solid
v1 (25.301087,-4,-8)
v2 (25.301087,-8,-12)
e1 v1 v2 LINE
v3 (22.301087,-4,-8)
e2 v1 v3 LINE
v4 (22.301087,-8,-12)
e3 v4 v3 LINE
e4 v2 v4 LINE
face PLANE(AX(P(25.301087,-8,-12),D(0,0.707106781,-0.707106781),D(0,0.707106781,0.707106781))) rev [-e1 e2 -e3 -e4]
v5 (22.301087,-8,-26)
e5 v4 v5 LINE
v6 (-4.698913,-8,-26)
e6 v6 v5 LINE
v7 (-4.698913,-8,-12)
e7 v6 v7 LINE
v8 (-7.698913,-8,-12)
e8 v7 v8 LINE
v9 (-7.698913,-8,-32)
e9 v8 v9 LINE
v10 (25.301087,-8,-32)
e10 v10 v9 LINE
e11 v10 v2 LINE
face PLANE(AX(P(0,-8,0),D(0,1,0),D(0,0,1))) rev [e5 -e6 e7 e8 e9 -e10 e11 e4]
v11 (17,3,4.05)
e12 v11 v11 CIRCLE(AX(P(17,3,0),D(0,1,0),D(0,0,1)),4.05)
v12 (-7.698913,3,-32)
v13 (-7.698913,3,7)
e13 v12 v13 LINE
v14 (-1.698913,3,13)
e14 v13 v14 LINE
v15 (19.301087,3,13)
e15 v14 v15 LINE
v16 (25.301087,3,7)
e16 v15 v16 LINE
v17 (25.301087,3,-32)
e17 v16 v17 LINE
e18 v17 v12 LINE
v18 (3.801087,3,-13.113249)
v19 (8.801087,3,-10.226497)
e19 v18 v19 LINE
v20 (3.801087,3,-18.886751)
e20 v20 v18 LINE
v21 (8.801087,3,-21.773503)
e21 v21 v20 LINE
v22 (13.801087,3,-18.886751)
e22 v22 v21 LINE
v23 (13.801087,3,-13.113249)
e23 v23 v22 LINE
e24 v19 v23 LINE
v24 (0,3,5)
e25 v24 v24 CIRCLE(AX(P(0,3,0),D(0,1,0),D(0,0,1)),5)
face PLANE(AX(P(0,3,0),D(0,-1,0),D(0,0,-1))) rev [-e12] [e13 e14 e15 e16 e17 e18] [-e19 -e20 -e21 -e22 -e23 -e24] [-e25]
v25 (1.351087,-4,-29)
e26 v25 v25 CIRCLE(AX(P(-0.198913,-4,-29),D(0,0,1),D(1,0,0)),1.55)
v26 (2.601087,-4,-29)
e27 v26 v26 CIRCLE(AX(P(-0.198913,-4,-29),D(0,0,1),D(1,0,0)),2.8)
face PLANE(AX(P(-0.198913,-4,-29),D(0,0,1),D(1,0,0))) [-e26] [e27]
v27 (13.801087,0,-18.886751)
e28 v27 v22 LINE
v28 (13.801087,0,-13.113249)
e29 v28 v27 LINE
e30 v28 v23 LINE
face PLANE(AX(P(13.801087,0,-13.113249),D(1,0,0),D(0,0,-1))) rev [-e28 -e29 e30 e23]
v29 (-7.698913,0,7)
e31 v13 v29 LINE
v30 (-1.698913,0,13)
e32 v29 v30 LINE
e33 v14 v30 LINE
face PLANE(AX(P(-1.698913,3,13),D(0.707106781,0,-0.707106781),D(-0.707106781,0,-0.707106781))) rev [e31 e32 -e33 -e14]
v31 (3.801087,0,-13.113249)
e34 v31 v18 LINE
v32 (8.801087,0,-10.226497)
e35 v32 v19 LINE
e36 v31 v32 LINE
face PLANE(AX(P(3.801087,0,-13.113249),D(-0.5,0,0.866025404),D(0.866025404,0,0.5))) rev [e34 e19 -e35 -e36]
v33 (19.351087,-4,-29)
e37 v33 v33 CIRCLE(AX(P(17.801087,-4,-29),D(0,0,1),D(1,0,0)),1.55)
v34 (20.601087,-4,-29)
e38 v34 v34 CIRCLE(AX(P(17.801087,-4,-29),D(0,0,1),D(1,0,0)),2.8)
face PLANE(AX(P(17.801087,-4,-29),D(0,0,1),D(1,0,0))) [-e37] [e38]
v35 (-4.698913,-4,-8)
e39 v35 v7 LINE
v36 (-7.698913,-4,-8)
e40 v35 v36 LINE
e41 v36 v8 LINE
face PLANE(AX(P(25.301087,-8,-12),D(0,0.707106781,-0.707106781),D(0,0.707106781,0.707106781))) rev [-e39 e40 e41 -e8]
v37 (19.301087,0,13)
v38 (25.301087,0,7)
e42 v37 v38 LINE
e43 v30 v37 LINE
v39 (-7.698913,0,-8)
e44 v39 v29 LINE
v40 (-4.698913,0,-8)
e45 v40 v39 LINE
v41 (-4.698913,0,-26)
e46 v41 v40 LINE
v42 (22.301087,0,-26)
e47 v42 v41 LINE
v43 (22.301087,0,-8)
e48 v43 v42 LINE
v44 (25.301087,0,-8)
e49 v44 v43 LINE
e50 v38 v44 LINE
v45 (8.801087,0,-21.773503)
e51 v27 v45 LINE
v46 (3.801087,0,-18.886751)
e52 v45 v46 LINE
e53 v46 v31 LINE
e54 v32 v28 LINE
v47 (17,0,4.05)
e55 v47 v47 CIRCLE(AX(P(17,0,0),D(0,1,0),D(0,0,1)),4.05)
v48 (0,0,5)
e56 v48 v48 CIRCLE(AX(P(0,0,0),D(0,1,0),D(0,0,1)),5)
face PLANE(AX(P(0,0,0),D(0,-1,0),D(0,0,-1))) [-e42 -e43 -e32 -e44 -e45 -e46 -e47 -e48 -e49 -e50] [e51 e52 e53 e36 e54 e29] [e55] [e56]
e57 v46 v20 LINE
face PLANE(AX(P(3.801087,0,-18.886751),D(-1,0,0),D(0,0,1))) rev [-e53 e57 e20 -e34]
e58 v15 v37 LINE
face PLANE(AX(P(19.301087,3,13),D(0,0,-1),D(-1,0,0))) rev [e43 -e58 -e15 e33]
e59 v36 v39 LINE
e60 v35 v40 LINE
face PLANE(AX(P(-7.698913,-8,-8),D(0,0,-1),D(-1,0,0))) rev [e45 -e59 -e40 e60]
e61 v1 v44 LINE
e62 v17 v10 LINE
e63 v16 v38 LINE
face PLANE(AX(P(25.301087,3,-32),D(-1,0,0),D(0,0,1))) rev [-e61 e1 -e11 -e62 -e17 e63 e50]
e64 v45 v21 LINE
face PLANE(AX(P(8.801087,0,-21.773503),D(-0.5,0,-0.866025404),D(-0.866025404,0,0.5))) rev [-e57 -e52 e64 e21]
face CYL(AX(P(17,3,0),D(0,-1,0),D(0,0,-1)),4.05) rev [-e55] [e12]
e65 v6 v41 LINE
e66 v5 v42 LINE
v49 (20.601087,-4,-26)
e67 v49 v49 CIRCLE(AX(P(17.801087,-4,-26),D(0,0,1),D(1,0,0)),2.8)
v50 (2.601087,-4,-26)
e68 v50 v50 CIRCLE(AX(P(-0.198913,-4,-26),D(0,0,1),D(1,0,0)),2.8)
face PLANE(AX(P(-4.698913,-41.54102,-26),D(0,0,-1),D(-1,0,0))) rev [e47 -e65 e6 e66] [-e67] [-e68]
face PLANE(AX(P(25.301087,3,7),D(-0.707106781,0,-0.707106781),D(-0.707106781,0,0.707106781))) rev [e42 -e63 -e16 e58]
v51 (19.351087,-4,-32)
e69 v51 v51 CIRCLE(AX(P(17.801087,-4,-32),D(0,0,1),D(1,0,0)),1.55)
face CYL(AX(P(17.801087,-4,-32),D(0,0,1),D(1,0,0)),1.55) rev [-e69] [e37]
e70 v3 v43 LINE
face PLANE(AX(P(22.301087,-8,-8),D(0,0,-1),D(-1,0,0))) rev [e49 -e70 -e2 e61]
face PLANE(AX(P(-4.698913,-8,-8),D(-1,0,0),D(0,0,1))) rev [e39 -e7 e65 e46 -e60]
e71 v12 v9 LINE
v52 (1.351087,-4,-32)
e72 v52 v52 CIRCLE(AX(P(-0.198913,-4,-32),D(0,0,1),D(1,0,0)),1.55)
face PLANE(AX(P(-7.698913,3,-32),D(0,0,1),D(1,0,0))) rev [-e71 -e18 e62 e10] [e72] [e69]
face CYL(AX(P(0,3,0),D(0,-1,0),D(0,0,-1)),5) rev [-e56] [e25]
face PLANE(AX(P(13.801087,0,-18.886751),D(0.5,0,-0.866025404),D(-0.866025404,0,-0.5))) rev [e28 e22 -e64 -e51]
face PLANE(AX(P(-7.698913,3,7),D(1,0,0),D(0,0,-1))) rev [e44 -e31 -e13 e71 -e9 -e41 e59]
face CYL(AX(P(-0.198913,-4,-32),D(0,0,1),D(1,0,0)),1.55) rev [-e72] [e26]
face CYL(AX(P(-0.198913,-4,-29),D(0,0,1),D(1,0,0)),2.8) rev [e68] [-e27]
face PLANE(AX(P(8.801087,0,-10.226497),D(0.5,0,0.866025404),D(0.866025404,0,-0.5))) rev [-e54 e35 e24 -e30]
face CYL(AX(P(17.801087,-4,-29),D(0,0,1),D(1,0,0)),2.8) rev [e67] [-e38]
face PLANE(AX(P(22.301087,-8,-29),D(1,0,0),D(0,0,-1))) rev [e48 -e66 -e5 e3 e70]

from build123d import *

# Parameters (mm, degrees)
CROQUIS1_R              = 5
CROQUIS1_R_2            = 4.05
SALIENTE_EXTRUIR1_DEPTH = 3
CROQUIS5_W              = 3
CROQUIS5_H              = 21
SALIENTE_EXTRUIR3_DEPTH = 8
CROQUIS11_W             = 3
CROQUIS11_H             = 21
SALIENTE_EXTRUIR6_DEPTH = 8
CORTAR_EXTRUIR3_DEPTH   = 34
CORTAR_EXTRUIR4_DEPTH   = 3
SALIENTE_EXTRUIR8_DEPTH = 8
CROQUIS15_R             = 1.55
CORTAR_EXTRUIR6_DEPTH   = 7
CROQUIS16_R             = 2.8
CROQUIS16_R_2           = 1.55
CORTAR_EXTRUIR7_DEPTH   = 3


with BuildPart() as part:
    # Croquis1 → Saliente-Extruir1 (new body)
    with BuildSketch(Plane(origin=(0, 0, 0), x_dir=(1, 0, 0), z_dir=(0, 1, 0))):
        Polygon((0, 32), (25.301087099, 32), (25.301087099, -7), (19.301087099, -13), (-1.698912901, -13), (-7.698912901, -7), (-7.698912901, 32), align=None)
        Circle(CROQUIS1_R, mode=Mode.SUBTRACT)
        with Locations((17, 0)):
            Circle(CROQUIS1_R_2, mode=Mode.SUBTRACT)
    extrude(amount=SALIENTE_EXTRUIR1_DEPTH)

    # Croquis5 → Saliente-Extruir3 (add)
    with BuildSketch(Plane.XZ):
        with Locations((-6.198912901, -18.5)):
            Rectangle(CROQUIS5_W, CROQUIS5_H)
    extrude(amount=SALIENTE_EXTRUIR3_DEPTH)

    # Croquis11 → Saliente-Extruir6 (add)
    with BuildSketch(Plane.XZ):
        with Locations((23.801087099, -18.5)):
            Rectangle(CROQUIS11_W, CROQUIS11_H)
    extrude(amount=SALIENTE_EXTRUIR6_DEPTH)

    # Croquis7 → Cortar-Extruir3 (cut, through all)
    with BuildSketch(Plane.ZY.offset(7.698912901)):
        Polygon((-8, -8), (-12, -8), (-8, -4), align=None)
    extrude(amount=-CORTAR_EXTRUIR3_DEPTH, mode=Mode.SUBTRACT)

    # Croquis9 → Cortar-Extruir4 (cut)
    with BuildSketch(Plane(origin=(0, 3, 0), x_dir=(1, 0, 0), z_dir=(0, 1, 0))):
        Polygon((8.801087099, 10.226497308), (13.801087099, 13.113248654), (13.801087099, 18.886751346), (8.801087099, 21.773502692), (3.801087099, 18.886751346), (3.801087099, 13.113248654), align=None)
    extrude(amount=-CORTAR_EXTRUIR4_DEPTH, mode=Mode.SUBTRACT)

    # Croquis13 → Saliente-Extruir8 (add)
    with BuildSketch(Plane.XZ):
        Polygon((-4.698912901, -29), (-4.698912901, -26), (22.301087099, -26), (22.301087099, -29), (25.301087099, -29), (25.301087099, -32), (-7.698912901, -32), (-7.698912901, -29), align=None)
    extrude(amount=SALIENTE_EXTRUIR8_DEPTH)

    # Croquis15 → Cortar-Extruir6 (cut, through all)
    with BuildSketch(Plane.XY.offset(-26)):
        with Locations((-0.198912901, -4)):
            Circle(CROQUIS15_R)
        with Locations((17.801087099, -4)):
            Circle(CROQUIS15_R)
    extrude(amount=-CORTAR_EXTRUIR6_DEPTH, mode=Mode.SUBTRACT)

    # Croquis16 → Cortar-Extruir7 (cut)
    with BuildSketch(Plane.XY.offset(-26)):
        with Locations((-0.198912901, -4)):
            Circle(CROQUIS16_R)
        with Locations((-0.198912901, -4)):
            Circle(CROQUIS16_R_2, mode=Mode.SUBTRACT)
        with Locations((17.801087099, -4)):
            Circle(CROQUIS16_R)
        with Locations((17.801087099, -4)):
            Circle(CROQUIS16_R_2, mode=Mode.SUBTRACT)
    extrude(amount=-CORTAR_EXTRUIR7_DEPTH, mode=Mode.SUBTRACT)


solid = part.part
